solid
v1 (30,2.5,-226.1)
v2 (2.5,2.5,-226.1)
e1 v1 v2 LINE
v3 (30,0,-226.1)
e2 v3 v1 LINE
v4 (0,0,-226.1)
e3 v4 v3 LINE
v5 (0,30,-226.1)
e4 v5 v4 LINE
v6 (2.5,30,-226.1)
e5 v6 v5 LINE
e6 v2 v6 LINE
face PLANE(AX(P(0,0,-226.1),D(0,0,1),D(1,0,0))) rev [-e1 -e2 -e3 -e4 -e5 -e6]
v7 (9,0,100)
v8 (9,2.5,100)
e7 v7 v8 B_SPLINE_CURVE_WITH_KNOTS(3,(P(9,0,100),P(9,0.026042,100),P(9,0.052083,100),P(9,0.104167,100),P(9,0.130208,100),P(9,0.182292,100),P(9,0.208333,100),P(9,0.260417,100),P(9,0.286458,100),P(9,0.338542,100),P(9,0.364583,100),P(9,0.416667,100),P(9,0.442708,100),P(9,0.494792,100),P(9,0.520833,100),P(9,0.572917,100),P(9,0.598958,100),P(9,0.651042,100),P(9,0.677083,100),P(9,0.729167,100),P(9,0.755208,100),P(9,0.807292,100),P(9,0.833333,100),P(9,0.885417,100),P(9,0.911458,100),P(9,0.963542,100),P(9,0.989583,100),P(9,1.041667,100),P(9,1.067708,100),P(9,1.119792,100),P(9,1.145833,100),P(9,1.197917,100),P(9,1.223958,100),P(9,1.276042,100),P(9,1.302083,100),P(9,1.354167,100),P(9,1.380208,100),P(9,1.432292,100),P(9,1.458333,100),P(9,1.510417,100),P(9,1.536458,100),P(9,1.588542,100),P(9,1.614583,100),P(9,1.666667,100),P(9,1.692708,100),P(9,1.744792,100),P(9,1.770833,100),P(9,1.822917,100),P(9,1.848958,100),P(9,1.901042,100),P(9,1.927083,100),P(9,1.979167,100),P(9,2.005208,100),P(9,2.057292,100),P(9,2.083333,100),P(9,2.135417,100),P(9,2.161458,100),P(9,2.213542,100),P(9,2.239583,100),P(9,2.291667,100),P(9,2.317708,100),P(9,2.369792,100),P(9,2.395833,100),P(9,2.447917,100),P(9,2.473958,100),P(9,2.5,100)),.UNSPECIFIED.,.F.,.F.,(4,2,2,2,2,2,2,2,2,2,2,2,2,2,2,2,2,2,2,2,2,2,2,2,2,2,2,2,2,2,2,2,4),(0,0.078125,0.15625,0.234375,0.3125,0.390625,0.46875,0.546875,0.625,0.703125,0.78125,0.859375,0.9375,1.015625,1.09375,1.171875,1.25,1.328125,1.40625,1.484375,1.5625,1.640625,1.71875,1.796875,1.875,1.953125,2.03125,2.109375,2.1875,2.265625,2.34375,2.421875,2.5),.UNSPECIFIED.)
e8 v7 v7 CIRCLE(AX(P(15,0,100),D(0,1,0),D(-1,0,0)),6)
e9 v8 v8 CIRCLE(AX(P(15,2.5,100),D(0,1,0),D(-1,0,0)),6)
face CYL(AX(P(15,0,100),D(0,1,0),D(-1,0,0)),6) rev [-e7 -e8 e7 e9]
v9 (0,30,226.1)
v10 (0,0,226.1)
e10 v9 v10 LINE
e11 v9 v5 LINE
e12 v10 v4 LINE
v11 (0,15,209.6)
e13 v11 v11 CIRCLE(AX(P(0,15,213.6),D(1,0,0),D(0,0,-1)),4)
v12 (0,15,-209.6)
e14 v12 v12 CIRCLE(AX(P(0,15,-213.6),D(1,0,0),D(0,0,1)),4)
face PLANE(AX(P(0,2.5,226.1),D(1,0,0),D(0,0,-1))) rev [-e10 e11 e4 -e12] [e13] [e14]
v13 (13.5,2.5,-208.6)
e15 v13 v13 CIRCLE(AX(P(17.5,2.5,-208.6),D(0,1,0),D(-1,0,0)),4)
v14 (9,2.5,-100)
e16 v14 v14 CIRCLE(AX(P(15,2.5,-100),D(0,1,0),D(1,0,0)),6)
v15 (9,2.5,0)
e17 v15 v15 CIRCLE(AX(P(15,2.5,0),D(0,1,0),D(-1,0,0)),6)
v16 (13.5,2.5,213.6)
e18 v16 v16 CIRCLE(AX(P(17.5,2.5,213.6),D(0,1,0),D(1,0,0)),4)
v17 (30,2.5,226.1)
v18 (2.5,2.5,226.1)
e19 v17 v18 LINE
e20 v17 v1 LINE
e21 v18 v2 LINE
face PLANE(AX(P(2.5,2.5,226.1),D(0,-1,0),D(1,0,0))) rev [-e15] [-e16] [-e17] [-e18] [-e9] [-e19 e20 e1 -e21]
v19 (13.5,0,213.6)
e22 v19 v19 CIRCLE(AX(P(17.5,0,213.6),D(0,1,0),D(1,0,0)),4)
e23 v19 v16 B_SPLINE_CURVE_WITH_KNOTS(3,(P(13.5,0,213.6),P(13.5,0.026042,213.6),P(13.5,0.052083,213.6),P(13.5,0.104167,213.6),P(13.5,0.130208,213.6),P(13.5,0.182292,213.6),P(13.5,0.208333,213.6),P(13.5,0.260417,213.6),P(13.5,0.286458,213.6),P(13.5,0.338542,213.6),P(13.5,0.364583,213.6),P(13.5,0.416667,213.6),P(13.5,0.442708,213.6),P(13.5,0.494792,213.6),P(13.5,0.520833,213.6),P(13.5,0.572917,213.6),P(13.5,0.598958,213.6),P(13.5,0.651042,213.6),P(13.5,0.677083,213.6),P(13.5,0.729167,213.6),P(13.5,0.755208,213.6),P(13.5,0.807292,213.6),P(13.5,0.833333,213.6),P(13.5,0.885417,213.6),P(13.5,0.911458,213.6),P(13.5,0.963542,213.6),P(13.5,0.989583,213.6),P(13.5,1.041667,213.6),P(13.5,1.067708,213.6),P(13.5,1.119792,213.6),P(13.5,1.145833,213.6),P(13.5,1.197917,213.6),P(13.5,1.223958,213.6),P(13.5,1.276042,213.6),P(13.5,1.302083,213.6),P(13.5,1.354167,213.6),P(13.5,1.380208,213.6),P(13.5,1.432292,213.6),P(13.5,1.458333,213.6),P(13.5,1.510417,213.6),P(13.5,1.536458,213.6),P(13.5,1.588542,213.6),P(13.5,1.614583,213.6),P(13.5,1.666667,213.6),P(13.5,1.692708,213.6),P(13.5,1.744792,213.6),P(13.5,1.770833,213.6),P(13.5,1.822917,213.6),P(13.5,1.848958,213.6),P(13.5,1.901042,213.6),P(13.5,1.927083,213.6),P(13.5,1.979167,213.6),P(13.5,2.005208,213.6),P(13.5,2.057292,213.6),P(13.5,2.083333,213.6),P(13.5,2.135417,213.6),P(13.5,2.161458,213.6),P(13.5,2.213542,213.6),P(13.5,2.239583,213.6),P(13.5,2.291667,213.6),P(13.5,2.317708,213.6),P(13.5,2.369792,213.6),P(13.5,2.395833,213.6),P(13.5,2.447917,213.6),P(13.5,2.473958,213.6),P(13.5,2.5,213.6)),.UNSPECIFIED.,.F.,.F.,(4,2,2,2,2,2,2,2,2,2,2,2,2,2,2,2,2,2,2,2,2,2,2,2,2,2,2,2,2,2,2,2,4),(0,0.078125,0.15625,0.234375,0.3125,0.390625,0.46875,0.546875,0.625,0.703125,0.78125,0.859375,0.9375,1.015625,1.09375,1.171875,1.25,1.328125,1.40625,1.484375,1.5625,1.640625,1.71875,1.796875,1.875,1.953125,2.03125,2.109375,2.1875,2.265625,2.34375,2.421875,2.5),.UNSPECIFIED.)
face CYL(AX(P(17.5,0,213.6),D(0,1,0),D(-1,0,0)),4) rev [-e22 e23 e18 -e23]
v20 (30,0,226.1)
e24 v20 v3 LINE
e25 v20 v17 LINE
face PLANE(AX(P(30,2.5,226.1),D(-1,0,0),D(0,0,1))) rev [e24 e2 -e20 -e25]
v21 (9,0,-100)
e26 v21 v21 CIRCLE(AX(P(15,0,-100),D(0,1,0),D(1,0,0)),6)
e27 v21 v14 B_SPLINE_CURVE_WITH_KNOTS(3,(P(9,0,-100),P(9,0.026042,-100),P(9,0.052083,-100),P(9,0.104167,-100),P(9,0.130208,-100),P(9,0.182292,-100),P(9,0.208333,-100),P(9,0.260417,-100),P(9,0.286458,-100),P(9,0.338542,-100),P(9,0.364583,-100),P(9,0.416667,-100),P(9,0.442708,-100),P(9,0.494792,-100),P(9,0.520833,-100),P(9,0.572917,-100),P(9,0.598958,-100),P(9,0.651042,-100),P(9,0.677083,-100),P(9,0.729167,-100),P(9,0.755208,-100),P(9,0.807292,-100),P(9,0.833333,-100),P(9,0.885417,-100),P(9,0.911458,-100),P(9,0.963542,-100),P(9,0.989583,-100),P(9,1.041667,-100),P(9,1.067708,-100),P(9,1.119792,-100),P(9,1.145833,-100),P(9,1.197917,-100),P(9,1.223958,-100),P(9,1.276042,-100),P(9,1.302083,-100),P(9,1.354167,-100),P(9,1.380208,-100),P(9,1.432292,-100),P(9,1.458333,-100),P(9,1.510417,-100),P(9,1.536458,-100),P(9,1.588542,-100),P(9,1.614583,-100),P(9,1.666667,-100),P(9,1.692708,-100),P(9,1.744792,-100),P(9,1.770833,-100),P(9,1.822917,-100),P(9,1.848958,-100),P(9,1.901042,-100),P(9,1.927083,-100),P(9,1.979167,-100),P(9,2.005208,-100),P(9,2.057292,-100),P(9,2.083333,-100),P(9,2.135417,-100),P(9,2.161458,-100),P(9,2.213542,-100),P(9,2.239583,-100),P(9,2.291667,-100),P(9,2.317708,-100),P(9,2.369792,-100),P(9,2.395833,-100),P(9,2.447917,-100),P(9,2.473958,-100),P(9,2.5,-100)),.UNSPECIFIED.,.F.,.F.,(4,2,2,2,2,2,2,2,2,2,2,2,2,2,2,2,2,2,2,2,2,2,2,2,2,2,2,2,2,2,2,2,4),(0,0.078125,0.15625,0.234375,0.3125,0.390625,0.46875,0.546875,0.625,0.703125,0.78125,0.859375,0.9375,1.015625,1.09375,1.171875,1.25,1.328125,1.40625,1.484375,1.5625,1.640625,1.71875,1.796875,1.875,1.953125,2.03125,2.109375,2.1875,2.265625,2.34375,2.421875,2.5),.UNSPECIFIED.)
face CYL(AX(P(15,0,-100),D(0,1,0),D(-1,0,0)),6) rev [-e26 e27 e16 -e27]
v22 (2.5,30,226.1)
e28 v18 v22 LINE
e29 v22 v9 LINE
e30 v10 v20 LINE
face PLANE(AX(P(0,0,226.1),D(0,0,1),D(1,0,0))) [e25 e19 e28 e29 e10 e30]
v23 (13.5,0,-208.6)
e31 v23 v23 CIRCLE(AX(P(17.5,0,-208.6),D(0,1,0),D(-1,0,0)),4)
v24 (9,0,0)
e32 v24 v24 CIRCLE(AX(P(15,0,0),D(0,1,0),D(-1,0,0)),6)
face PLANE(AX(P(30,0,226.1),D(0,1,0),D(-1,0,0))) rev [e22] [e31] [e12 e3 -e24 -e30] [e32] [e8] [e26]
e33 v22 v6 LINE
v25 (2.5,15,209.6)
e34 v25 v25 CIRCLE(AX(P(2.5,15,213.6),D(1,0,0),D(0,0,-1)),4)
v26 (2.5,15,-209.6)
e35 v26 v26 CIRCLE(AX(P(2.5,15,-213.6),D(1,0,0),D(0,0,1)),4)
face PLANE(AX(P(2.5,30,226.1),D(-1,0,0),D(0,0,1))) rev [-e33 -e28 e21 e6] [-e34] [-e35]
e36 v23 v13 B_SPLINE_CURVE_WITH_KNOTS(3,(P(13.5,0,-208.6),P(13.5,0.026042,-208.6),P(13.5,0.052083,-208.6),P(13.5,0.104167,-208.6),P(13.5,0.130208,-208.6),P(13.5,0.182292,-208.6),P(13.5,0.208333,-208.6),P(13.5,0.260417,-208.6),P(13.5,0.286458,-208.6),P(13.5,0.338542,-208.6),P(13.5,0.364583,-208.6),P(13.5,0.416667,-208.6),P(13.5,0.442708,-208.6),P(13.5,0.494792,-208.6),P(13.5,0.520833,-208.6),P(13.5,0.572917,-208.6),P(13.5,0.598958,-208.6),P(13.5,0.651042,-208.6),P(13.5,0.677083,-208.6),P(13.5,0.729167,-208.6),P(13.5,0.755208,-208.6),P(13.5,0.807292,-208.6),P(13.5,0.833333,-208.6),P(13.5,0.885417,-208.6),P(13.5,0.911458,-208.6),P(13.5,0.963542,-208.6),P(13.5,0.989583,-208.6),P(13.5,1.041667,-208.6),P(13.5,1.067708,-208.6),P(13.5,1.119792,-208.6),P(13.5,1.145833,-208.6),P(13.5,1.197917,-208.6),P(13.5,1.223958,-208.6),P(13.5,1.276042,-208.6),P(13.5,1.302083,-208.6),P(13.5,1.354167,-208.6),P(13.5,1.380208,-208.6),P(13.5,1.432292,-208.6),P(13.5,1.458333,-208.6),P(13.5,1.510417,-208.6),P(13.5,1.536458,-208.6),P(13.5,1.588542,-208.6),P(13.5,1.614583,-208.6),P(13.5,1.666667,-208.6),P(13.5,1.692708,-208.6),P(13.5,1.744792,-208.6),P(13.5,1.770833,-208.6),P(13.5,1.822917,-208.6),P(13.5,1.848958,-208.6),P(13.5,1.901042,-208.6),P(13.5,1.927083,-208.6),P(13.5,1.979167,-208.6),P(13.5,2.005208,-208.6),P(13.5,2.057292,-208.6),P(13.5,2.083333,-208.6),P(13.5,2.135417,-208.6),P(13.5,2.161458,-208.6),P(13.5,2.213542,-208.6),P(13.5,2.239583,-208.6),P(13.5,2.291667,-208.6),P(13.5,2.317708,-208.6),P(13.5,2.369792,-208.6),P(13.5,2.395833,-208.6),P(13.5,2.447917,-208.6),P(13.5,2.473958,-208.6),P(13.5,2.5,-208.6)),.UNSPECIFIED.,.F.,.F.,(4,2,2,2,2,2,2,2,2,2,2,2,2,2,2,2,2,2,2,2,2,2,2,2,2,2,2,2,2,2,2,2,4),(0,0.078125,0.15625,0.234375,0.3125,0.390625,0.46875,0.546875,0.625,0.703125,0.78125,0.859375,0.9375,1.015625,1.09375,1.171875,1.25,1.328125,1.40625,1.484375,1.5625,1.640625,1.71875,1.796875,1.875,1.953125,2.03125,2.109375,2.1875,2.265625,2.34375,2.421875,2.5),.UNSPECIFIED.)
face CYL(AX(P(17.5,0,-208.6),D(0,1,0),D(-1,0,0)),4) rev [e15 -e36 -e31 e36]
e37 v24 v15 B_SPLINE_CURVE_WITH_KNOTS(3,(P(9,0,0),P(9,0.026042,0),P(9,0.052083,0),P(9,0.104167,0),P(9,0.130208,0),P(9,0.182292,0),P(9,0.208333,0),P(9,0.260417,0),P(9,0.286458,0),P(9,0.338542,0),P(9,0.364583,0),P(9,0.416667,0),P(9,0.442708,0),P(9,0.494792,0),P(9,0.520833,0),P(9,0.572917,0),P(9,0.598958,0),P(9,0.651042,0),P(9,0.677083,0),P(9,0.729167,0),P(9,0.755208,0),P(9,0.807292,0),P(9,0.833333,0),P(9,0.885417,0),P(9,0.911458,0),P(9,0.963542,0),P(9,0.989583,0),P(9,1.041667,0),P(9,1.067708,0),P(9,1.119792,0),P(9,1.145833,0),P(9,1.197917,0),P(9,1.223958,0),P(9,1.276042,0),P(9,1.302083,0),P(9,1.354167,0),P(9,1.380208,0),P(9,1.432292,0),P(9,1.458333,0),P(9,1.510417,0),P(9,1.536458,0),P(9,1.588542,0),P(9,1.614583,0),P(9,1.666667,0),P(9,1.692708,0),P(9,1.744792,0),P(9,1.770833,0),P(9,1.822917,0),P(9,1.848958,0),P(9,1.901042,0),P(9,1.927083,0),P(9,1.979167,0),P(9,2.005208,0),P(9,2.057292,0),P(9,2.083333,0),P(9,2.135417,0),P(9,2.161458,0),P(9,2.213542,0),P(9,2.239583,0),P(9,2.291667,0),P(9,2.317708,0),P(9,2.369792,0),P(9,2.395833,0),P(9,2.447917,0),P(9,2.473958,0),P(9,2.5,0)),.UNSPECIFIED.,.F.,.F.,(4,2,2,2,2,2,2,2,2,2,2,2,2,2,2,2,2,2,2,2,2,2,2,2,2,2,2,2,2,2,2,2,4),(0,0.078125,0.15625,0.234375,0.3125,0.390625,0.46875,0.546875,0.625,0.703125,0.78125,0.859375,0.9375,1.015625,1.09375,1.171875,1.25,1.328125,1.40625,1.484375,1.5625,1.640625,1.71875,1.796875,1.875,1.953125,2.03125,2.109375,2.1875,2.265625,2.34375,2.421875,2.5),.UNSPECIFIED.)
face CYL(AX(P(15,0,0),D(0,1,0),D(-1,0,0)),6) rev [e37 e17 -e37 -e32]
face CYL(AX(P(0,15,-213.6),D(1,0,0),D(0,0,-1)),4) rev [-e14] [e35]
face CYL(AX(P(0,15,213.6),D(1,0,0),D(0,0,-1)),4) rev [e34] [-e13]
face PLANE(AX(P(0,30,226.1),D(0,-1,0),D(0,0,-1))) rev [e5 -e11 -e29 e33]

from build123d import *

# Parameters (mm, degrees)
BOSS_EXTRUDE1_DEPTH = 226.1
SKETCH2_R           = 4
SKETCH2_R_2         = 6
CUT_EXTRUDE1_DEPTH  = 230.733454246
SKETCH3_R           = 4
CUT_EXTRUDE2_DEPTH  = 230.733454246


with BuildPart() as part:
    # Sketch1 → Boss-Extrude1 (new, symmetric)
    with BuildSketch(Plane.XY):
        Polygon((0, 2.5), (0, 30), (2.5, 30), (2.5, 2.5), (30, 2.5), (30, 0), (0, 0), align=None)
    extrude(amount=BOSS_EXTRUDE1_DEPTH, both=True)

    # Sketch2 → Cut-Extrude1 (cut, through all)
    with BuildSketch(Plane(origin=(0, 2.5, 0), x_dir=(1, 0, 0), z_dir=(0, 1, 0))):
        with Locations(Location((17.5, 208.6, 0), (0, 0, 180))):
            Circle(SKETCH2_R)
        with Locations(Location((17.5, -213.6, 0), (0, 0, 180))):
            Circle(SKETCH2_R)
        with Locations(Location((15, -100, 0), (0, 0, 180))):
            Circle(SKETCH2_R_2)
        with Locations(Location((15, 100, 0), (0, 0, 180))):
            Circle(SKETCH2_R_2)
        with Locations(Location((15, 0, 0), (0, 0, 180))):
            Circle(SKETCH2_R_2)
    extrude(amount=-CUT_EXTRUDE1_DEPTH, mode=Mode.SUBTRACT)

    # Sketch3 → Cut-Extrude2 (cut, through all)
    with BuildSketch(Plane(origin=(2.5, 0, 0), x_dir=(0, 0, -1), z_dir=(1, 0, 0))):
        with Locations((-213.6, 15)):
            Circle(SKETCH3_R)
        with Locations(Location((213.6, 15, 0), (0, 0, 180))):
            Circle(SKETCH3_R)
    extrude(amount=-CUT_EXTRUDE2_DEPTH, mode=Mode.SUBTRACT)


solid = part.part
